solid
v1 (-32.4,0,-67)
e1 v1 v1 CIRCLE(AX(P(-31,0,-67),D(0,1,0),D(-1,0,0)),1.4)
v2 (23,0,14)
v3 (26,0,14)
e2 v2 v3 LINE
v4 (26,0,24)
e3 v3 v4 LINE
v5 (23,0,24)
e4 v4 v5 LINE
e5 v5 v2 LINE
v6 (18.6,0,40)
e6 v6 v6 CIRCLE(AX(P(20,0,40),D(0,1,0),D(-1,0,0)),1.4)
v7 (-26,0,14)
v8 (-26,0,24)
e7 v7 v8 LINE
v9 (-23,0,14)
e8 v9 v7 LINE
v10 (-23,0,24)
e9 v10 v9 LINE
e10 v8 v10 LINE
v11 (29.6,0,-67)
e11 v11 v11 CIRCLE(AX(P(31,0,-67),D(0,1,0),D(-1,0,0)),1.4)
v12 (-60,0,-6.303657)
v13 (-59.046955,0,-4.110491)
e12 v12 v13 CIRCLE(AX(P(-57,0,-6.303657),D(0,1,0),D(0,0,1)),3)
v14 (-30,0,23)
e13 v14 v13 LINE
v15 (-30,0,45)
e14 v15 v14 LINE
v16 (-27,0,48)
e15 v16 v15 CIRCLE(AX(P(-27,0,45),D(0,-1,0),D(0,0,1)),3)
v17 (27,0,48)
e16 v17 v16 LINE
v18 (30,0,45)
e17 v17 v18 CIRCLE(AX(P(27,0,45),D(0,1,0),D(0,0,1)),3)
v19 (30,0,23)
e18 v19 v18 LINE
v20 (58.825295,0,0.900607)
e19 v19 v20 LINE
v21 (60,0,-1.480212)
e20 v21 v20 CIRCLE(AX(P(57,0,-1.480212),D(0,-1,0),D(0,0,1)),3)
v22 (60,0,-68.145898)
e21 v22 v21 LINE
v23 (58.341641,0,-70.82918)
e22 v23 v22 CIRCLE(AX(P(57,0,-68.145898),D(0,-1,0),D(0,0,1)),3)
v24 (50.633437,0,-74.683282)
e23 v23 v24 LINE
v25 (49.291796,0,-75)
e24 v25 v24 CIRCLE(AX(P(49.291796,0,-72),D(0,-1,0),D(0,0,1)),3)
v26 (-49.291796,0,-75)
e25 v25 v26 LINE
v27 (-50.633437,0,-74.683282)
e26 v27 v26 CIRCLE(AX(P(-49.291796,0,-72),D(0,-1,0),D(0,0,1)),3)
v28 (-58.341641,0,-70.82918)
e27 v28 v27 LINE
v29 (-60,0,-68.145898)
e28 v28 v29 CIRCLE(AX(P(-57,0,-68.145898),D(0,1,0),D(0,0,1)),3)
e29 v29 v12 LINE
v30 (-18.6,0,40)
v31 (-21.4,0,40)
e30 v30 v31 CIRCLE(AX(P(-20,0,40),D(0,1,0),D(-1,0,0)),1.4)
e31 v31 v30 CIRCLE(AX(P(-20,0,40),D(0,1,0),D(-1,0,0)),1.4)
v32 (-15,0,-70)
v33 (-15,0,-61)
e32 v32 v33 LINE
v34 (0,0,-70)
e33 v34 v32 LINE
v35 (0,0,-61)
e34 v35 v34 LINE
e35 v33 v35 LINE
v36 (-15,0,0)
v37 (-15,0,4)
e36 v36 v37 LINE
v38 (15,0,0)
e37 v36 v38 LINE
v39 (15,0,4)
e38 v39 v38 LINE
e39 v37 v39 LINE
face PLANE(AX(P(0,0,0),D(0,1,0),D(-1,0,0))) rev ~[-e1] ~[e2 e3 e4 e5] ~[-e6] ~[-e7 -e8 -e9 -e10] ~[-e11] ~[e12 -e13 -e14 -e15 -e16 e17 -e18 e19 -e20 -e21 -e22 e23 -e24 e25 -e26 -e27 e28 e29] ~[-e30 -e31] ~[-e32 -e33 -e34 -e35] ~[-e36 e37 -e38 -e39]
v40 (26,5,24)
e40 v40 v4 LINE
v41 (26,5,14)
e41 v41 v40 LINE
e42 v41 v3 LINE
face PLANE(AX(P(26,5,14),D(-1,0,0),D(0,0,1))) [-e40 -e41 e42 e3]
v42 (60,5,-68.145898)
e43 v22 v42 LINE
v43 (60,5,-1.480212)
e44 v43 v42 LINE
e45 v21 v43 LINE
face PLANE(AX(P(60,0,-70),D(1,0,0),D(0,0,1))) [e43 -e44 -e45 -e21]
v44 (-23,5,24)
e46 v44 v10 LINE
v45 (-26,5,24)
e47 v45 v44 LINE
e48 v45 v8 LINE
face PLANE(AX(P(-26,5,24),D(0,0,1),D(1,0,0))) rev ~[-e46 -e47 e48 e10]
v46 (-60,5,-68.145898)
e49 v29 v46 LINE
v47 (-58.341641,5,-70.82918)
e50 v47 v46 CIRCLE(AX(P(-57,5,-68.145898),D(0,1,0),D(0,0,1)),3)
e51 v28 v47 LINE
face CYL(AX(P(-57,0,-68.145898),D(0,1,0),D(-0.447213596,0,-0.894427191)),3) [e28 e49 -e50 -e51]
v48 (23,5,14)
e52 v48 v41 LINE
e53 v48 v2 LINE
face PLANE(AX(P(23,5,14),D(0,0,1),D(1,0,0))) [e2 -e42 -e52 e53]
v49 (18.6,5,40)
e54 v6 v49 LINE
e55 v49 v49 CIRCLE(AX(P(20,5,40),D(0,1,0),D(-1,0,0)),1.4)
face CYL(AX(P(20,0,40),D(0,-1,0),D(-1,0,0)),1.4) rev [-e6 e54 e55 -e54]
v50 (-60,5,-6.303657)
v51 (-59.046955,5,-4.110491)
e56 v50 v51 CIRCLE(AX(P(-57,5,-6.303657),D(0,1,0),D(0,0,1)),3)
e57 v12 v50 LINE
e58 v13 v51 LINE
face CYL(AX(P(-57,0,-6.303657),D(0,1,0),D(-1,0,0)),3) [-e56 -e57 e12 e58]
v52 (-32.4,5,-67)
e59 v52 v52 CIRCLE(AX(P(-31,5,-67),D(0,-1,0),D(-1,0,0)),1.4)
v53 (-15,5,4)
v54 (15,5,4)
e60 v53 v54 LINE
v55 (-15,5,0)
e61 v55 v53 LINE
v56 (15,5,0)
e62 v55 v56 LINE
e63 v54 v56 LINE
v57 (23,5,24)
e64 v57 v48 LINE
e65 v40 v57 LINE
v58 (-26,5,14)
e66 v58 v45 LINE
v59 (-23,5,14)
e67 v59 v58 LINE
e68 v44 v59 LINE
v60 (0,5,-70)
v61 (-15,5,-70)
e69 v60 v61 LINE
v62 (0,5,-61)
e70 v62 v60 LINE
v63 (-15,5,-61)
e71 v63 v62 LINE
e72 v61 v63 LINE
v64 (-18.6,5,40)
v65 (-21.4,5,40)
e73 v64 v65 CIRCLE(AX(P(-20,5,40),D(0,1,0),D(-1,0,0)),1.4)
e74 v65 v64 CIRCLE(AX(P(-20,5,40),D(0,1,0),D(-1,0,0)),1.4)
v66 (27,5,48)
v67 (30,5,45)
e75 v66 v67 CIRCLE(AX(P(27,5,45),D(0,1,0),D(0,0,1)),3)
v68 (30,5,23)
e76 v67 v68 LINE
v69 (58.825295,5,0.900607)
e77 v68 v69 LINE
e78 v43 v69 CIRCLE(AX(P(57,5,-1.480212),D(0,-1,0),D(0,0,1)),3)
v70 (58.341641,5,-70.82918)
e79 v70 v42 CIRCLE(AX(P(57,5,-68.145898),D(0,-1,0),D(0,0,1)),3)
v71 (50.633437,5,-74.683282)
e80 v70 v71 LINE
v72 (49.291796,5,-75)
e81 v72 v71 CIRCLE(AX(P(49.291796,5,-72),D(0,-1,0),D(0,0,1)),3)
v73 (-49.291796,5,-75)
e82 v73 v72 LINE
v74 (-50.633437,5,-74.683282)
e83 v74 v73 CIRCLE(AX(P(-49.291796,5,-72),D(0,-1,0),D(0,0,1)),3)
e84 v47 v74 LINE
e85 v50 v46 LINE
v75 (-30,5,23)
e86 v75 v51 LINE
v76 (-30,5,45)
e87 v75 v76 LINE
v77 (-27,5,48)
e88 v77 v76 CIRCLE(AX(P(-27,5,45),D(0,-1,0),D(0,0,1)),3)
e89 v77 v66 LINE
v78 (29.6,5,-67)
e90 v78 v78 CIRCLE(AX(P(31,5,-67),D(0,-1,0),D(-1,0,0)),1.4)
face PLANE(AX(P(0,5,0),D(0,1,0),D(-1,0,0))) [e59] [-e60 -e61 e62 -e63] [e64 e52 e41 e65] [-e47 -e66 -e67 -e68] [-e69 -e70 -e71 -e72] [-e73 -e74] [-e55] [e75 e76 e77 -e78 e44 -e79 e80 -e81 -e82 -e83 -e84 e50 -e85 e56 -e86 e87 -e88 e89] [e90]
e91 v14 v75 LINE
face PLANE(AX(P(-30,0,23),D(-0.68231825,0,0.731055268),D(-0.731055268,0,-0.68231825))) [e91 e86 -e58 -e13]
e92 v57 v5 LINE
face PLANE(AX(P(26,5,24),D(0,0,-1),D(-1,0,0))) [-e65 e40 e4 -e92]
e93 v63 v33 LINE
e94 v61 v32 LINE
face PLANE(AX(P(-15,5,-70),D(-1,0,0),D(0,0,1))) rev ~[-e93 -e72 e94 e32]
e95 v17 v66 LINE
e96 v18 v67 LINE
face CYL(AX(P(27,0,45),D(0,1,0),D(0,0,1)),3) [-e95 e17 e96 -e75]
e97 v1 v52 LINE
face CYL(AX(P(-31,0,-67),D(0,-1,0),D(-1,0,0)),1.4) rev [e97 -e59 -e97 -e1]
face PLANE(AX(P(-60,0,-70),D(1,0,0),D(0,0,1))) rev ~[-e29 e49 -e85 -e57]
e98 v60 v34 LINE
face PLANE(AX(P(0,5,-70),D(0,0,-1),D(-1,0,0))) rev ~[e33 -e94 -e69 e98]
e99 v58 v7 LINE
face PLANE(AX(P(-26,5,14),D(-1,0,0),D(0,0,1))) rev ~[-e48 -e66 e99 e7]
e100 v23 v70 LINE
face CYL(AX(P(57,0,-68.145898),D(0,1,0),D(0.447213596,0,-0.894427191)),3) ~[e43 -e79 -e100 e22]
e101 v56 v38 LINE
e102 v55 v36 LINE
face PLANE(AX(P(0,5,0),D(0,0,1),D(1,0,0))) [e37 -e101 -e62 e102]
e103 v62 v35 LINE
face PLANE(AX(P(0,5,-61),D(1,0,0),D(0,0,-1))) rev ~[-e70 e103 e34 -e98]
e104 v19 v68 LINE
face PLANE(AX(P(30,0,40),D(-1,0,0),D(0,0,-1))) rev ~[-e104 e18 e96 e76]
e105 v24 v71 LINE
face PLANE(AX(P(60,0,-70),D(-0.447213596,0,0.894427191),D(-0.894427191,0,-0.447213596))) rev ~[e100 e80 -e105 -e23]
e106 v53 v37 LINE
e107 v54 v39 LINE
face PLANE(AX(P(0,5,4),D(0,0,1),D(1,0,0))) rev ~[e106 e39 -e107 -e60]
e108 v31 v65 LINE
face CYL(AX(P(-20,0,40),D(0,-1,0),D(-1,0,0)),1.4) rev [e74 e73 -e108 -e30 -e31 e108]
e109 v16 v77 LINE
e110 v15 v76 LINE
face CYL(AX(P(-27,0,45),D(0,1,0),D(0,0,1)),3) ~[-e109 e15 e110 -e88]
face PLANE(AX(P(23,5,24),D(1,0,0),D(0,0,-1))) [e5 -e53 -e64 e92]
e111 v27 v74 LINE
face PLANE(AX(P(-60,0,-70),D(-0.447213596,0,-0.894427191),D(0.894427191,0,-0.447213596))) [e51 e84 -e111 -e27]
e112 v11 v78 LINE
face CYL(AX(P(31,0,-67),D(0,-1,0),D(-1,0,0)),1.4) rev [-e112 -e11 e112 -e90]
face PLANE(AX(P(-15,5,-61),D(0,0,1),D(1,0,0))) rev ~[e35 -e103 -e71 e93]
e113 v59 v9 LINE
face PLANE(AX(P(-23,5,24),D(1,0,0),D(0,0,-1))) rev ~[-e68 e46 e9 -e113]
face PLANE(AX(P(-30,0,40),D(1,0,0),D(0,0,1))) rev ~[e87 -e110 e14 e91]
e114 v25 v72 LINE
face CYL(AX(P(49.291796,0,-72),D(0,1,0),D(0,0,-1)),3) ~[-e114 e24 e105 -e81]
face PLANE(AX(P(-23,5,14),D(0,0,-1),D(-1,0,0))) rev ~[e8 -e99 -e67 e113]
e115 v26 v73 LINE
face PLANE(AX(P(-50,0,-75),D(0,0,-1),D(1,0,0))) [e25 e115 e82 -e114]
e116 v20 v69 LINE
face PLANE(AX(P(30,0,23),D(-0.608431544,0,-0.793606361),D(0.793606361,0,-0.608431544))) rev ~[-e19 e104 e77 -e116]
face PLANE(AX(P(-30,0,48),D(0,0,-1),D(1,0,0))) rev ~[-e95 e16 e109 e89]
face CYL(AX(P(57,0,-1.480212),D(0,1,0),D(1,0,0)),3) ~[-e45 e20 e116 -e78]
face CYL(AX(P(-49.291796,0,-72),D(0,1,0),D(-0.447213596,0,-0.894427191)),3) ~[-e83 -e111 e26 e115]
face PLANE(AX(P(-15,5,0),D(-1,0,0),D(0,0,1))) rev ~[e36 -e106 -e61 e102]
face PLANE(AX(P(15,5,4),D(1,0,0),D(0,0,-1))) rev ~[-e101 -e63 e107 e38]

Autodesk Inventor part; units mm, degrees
ref_plane "YZ Plane" through (0, 0, 0) normal (1, 0, 0) x (0, 1, 0)
ref_plane "XZ Plane" through (0, 0, 0) normal (0, 1, 0) x (-1, 0, 0)
ref_plane "XY Plane" through (0, 0, 0) normal (0, 0, 1) x (1, 0, 0)
sketch "Sketch1" plane through (0, 0, 0) normal (0, 1, 0) x (-1, 0, 0)
  line L0 (60, -75) -> (-60, -75)
  line L1 (-60, 75) -> (60, -75) construction
  line L2 (60, 75) -> (-60, -75) construction
  line L3 (-60, -75) -> (-60, -55)
  line L4 (-60, -42.5) -> (-60, -55)
  line L5 (0, 75) -> (0, 40)
  line L6 (-60, -75) -> (-60, -5)
  line L7 (-30, 40) -> (-30, 10)
  line L8 (-30, 10) -> (-60, 0)
  line L9 (30, 40) -> (30, 10)
  line L10 (30, 10) -> (60, -5)
  line L11 (-30, 40) -> (-30, 48)
  line L12 (30, 40) -> (30, 48)
  line L13 (0, 75) -> (0, -75)
  line L14 (0, -75) -> (-60, -75)
  line L15 (60, -70) -> (60, -55)
  line L16 (60, -42.5) -> (60, -55)
  line L17 (60, -5) -> (60, -70)
  line L18 (-60, -75) -> (-60, 0)
  line L19 (57, -75) -> (50, -75)
  line L20 (60, -70) -> (60, -75)
  line L21 (-60, -75) -> (-50, -75)
  line L22 (-60, -70) -> (-60, -75)
  line L23 (-60, -70) -> (-50, -75)
  line L24 (60, -70) -> (50, -75)
  line L25 (-27.5, -75) -> (27.5, -75)
  line L26 (27.5, -75) -> (27.5, -5)
  line L27 (27.5, -5) -> (-27.5, -5)
  line L28 (-27.5, -5) -> (-27.5, -75)
  line L29 (30, 10) -> (-30, 10)
  line L30 (0, 75) -> (0, 40)
  line L31 (0, 40) -> (20, 40)
  line L32 (20, 40) -> (-20, 40)
  circle A0 centre (20, 40) radius 1.4
  circle A1 centre (-20, 40) radius 1.4
  line L33 (30, 48) -> (-30, 48)
  line L34 (-60, -75) -> (-35, -75)
  line L35 (60, -75) -> (35, -75)
  line L36 (35, -75) -> (31, -75)
  line L37 (31, -75) -> (31, -67)
  line L38 (31, -67) -> (35, -67)
  line L39 (35, -67) -> (35, -75)
  line L40 (-35, -75) -> (-39, -75)
  line L41 (-39, -75) -> (-39, -67)
  line L42 (-39, -67) -> (-35, -67)
  line L43 (-35, -67) -> (-35, -75)
  circle A2 centre (-35, -67) radius 1.4
  circle A3 centre (31, -67) radius 1.4
  line L44 (30, 48) -> (30, 23)
  line L45 (30, 23) -> (60, -5)
  line L46 (-30, 48) -> (-30, 23)
  line L47 (-30, 23) -> (-60, 0)
  line L48 (-35, -75) -> (-31, -75)
  line L49 (-31, -75) -> (-31, -67)
  line L50 (-31, -67) -> (-35, -67)
  line L51 (-35, -67) -> (-35, -75)
  circle A4 centre (-31, -67) radius 1.4
  dimension "d0" = 120
  dimension "d1" = 150
  dimension "d18" = 70
  dimension "d43" = 55
  dimension "d44" = 70
  dimension "d45" = 35
  dimension "d46" = 20
  dimension "d47" = 40
  dimension "d48" = 2.8
  dimension "d49" = 2.8
  dimension "d50" = 25
  dimension "d51" = 25
  dimension "d52" = 4
  dimension "d53" = 8
  dimension "d54" = 4
  dimension "d55" = 8
  dimension "d56" = 2.8
  dimension "d57" = 2.8
  dimension "d73" = 25
  dimension "d74" = 25
  dimension "d86" = 4
  dimension "d87" = 2.8
extrude "Extrusion1" add sketch "Sketch1" along normal blind 5 contours L24 L0 L39 L38 A3 L37 L26 L27 L13 L29 L10 L17 L16 L15 | L0 L37 A3 L38 L39 | L10 L9 L45 | L0 L13 L27 L26 | L29 L13 L5 L33 L12 L9 | L0 L28 L27 L13 | L29 L7 L11 L33 L5 L13 | L13 L27 L28 L0 L49 A4 L50 A2 L42 L41 L23 L3 L4 L6 L18 L8 L29 | L8 L47 L7 | L0 L43 A2 L50 A4 L49 | L0 L41 L42 A2 L43 | A2 L42 L43 | L43 L50 A2 | L42 A2 L50
fillet "Fillet1" radius 3 8 edges at (30, 2.5, 48) (60, 2.5, 0) (50, 2.5, -75) (60, 2.5, -70) (-60, 2.5, -70) (-50, 2.5, -75) (-60, 2.5, -5) (-30, 2.5, 48)
sketch "Sketch2" plane through (0, 5, 0) normal (0, 1, 0) x (1, 0, 0)
  line L0 (49.2918, 75) -> (-49.2918, 75) construction
  line L1 (0, 75) -> (0, 65) construction
  line L2 (0, 65) -> (30, 65) construction
  circle A0 centre (30, 65) radius 3
  line L3 (0, 75) -> (0, 70)
  line L4 (0, 75) -> (5, 75) construction
  line L5 (0, 58) -> (0, 70)
  line L6 (0, 70) -> (-15, 70)
  line L7 (-15, 70) -> (-15, 61)
  line L8 (-15, 61) -> (0, 61)
  line L9 (0, 61) -> (0, 70)
  line L10 (0, 61) -> (0, -4)
  line L11 (0, -4) -> (-23, -4)
  line L12 (-23, -4) -> (23, -4)
  line L13 (-23, -4) -> (-26, -4)
  line L14 (-26, -4) -> (-26, -24)
  line L15 (-26, -24) -> (-23, -24)
  line L16 (-23, -24) -> (-23, -4)
  line L17 (23, -4) -> (26, -4)
  line L18 (26, -4) -> (26, -24)
  line L19 (26, -24) -> (23, -24)
  line L20 (23, -24) -> (23, -4)
  line L21 (-26, -24) -> (-23, -24)
  line L22 (-23, -24) -> (-23, -14)
  line L23 (-23, -14) -> (-26, -14)
  line L24 (-26, -14) -> (-26, -24)
  line L25 (26, -24) -> (23, -24)
  line L26 (23, -24) -> (23, -14)
  line L27 (23, -14) -> (26, -14)
  line L28 (26, -14) -> (26, -24)
  line L29 (23, -4) -> (-23, -4)
  line L30 (-23, -4) -> (-23, 0)
  line L31 (-23, 0) -> (23, 0)
  line L32 (23, 0) -> (23, -4)
  line L33 (15, 0) -> (-15, 0)
  line L34 (-15, 0) -> (-15, -4)
  line L35 (-15, -4) -> (15, -4)
  line L36 (15, -4) -> (15, 0)
  line L37 (15, 0) -> (-15, -4) construction
  line L38 (-15, 0) -> (15, -4) construction
  point P0 (0, 0)
  point P1 (0, -2)
  dimension "d61" = 10
  dimension "d62" = 30
  dimension "d63" = 6
  dimension "d64" = 5
  dimension "d65" = 90
  dimension "d68" = 15
  dimension "d69" = 9
  dimension "d76" = 65
  dimension "d77" = 23
  dimension "d78" = 46
  dimension "d79" = 3
  dimension "d80" = 20
  dimension "d81" = 3
  dimension "d82" = 20
  dimension "d83" = 10
  dimension "d84" = 10
  dimension "d85" = 30
extrude "Extrusion2" cut sketch "Sketch2" against normal through all contours L8 L7 L6 L5 | L31 L36 L12 L10 | L10 L11 L34 L31 | L16 L15 L14 L23 | L27 L18 L19 L20
properties part number "DeTren"
